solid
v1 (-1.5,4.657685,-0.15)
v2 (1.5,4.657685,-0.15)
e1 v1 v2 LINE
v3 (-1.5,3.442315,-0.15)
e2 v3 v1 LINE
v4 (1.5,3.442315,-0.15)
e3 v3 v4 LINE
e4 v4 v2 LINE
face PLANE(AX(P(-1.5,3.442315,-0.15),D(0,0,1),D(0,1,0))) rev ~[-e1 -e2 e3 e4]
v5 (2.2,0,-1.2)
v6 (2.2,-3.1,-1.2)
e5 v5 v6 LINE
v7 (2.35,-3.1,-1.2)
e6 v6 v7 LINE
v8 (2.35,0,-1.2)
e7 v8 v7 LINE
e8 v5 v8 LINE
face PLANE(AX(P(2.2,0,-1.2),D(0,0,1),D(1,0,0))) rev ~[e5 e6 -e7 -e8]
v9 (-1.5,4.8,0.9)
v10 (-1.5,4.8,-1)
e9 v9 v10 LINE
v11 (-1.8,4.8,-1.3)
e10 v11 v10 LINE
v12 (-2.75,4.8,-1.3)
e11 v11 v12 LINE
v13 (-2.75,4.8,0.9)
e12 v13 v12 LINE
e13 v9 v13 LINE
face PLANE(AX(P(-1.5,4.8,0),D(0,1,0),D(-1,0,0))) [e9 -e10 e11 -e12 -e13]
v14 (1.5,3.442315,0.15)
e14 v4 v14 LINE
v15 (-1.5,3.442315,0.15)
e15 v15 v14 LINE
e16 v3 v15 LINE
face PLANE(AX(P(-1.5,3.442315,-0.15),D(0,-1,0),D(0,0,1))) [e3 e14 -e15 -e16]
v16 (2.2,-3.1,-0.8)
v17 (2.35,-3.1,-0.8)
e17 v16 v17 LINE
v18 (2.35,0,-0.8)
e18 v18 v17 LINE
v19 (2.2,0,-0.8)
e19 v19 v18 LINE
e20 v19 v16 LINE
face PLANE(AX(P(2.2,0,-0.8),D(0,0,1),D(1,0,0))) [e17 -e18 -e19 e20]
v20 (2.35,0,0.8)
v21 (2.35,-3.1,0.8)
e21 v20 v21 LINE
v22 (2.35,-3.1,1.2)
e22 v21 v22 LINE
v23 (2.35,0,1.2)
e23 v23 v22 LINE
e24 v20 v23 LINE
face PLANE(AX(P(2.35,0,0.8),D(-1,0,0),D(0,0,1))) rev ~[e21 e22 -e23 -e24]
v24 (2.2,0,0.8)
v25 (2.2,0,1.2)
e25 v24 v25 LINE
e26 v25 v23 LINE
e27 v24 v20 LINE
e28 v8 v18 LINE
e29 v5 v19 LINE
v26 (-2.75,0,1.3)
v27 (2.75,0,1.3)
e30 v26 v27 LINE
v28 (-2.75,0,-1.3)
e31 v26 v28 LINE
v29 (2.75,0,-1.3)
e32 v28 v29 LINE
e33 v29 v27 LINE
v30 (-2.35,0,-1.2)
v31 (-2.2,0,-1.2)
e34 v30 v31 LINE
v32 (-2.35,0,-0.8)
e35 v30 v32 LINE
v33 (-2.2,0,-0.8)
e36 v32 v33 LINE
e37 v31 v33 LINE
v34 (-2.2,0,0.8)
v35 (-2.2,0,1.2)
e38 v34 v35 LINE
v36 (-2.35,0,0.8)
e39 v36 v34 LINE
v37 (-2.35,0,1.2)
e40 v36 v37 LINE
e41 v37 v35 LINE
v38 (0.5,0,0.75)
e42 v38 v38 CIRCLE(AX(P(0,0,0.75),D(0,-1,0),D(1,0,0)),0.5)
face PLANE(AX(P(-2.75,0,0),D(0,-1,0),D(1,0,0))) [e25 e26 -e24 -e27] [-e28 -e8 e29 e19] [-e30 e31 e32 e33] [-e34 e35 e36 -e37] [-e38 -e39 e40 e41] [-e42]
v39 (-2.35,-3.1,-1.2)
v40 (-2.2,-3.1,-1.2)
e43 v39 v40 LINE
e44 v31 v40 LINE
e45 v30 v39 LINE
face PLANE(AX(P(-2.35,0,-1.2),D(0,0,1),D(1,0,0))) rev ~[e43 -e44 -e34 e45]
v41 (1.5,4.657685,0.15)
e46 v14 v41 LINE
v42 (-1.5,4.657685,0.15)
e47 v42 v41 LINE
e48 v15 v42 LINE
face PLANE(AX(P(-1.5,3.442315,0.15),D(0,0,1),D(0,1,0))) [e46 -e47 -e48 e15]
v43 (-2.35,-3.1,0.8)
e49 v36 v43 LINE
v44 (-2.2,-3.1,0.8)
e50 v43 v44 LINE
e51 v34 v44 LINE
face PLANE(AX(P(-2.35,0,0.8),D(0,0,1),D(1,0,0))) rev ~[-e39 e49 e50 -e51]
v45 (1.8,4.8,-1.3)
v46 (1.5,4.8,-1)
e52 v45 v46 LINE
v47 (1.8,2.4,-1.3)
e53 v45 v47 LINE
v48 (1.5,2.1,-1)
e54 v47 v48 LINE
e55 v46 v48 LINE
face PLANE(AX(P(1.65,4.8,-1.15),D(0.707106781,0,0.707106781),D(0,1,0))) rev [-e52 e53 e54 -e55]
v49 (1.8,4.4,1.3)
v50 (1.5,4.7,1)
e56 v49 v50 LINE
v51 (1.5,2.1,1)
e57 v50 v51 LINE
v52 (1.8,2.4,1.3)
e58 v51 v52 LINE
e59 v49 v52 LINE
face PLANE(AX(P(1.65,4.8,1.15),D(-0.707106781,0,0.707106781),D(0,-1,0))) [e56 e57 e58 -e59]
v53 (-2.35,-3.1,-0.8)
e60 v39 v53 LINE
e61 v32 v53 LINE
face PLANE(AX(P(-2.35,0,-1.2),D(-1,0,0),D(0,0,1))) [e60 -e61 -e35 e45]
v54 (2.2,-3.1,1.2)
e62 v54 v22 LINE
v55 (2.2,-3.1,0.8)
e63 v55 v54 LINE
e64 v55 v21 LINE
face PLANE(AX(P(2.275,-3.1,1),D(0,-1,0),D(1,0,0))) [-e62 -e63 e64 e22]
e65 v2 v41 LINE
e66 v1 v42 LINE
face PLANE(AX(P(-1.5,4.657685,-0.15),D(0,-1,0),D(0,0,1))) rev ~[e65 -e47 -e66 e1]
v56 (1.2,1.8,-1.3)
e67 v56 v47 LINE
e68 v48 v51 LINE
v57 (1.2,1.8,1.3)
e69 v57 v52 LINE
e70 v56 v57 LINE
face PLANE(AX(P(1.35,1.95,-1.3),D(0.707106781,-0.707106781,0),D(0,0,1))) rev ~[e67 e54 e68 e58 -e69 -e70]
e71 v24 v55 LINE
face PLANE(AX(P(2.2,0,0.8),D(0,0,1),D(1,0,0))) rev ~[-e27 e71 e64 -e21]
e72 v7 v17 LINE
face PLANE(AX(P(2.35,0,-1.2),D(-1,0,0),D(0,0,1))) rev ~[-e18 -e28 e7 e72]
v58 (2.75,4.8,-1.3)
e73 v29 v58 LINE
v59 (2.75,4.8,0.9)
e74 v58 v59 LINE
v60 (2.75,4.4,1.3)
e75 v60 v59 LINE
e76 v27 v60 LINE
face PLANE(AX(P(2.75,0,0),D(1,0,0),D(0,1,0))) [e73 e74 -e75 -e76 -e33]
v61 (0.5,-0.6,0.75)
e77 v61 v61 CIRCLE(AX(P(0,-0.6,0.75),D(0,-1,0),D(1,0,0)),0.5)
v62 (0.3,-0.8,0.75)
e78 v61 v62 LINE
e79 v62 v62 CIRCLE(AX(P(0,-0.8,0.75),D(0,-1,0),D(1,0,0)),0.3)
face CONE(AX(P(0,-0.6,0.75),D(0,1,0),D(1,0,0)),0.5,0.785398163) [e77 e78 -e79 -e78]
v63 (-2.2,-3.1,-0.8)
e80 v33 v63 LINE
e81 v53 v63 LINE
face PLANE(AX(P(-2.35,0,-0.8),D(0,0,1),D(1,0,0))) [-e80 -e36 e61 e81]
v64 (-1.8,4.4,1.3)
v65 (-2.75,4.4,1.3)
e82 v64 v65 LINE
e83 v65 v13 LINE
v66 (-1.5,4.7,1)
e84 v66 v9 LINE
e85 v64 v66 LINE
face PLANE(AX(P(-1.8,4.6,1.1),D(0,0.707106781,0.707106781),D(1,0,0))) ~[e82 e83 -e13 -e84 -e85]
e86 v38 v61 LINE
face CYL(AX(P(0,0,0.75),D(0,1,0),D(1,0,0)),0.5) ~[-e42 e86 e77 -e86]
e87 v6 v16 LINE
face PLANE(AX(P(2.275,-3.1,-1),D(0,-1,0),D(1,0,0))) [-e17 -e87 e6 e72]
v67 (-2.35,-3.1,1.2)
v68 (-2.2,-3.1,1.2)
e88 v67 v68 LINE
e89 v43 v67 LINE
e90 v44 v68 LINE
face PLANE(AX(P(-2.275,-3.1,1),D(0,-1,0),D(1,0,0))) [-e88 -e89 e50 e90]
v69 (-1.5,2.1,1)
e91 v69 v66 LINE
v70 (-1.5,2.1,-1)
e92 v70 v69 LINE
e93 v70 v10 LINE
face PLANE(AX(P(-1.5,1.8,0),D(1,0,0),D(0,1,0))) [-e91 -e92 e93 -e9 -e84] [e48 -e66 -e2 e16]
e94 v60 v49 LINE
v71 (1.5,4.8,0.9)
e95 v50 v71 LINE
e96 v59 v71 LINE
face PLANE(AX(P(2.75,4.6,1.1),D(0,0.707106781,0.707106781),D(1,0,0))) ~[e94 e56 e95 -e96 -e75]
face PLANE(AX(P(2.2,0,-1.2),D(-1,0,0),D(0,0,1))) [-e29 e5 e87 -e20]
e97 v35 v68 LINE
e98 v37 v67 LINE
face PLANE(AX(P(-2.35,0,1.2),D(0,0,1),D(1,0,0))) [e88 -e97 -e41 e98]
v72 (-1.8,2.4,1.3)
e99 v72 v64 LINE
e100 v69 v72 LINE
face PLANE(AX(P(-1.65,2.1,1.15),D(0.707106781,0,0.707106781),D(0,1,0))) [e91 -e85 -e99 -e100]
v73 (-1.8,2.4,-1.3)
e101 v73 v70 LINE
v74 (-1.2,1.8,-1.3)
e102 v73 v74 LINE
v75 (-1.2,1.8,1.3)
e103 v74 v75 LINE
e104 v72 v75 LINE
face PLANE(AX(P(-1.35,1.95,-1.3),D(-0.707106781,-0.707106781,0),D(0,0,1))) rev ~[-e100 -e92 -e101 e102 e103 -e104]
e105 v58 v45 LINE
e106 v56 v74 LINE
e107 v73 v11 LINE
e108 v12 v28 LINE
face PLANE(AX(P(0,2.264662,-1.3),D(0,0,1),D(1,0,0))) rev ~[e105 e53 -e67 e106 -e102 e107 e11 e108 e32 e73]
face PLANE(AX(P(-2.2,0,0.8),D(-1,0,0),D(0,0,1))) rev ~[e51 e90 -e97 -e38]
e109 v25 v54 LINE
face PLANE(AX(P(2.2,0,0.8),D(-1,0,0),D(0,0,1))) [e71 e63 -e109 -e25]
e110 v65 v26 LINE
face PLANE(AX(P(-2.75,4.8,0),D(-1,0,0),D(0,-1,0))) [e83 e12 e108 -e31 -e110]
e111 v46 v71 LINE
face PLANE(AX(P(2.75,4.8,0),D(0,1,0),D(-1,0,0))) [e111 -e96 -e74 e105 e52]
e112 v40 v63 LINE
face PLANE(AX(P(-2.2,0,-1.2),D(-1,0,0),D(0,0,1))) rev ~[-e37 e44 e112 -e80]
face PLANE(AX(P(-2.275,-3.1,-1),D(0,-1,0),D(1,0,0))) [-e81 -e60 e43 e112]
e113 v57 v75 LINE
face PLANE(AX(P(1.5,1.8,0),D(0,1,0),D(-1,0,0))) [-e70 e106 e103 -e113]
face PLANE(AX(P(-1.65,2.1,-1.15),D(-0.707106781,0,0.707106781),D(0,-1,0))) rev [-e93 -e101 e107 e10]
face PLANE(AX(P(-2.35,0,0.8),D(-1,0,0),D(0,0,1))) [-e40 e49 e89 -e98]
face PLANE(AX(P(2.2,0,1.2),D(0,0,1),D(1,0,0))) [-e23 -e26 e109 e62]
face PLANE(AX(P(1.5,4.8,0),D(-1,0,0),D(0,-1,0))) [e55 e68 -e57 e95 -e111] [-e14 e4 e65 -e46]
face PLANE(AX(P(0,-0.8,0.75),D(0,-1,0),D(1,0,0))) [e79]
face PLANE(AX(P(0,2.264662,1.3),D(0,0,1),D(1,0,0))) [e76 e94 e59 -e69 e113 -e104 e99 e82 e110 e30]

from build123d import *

# Parameters (mm, degrees)
PAD003_DEPTH    = 1.3
SKETCH008_R     = 0.5
PAD004_DEPTH    = 0.8
SKETCH009_W     = 1.21537
SKETCH009_H     = 0.3
PAD005_DEPTH    = 3
CHAMFER001_SIZE = 0.3
CHAMFER002_SIZE = 0.3
CHAMFER003_SIZE = 0.2
CHAMFER004_SIZE = 0.4
SKETCH010_W     = 0.15
SKETCH010_H     = 0.4
PAD006_DEPTH    = 3.1


with BuildPart() as part:
    # Sketch007 → Pad003 (new body, symmetric)
    with BuildSketch(Plane.XY):
        Polygon((-2.75, 0), (2.75, 0), (2.75, 4.8), (1.5, 4.8), (1.5, 1.8), (-1.5, 1.8), (-1.5, 4.8), (-2.75, 4.8), align=None)
    extrude(amount=PAD003_DEPTH, both=True)

    # Sketch008 (on Face1 of Pad003) → Pad004 (join)
    with BuildSketch(Plane.XZ):
        with Locations((0, 0.75)):
            Circle(SKETCH008_R)
    extrude(amount=PAD004_DEPTH)

    # Sketch009 (on Face11 of Pad004) → Pad005 (join)
    with BuildSketch(Plane.YZ.offset(-1.5)):
        with Locations((4.05, 0)):
            Rectangle(SKETCH009_W, SKETCH009_H)
    extrude(amount=PAD005_DEPTH)

    # Chamfer001
    chamfer001_edges = [part.edges().sort_by_distance(p)[0] for p in [
        (-1.5, 1.8, 0),
        (1.5, 1.8, 0),
    ]]
    chamfer(chamfer001_edges, length=CHAMFER001_SIZE)

    # Chamfer002
    chamfer002_edges = [part.edges().sort_by_distance(p)[0] for p in [
        (-1.5, 3.45, 1.3),
        (-1.5, 3.45, -1.3),
        (1.5, 3.45, 1.3),
        (1.5, 3.45, -1.3),
    ]]
    chamfer(chamfer002_edges, length=CHAMFER002_SIZE)

    # Chamfer003
    chamfer003_edges = [part.edges().sort_by_distance(p)[0] for p in [
        (-0.5, -0.8, 0.75),
    ]]
    chamfer(chamfer003_edges, length=CHAMFER003_SIZE)

    # Chamfer004
    chamfer004_edges = [part.edges().sort_by_distance(p)[0] for p in [
        (2.275, 4.8, 1.3),
        (-2.275, 4.8, 1.3),
    ]]
    chamfer(chamfer004_edges, length=CHAMFER004_SIZE)

    # Sketch010 (on Face6 of Chamfer004) → Pad006 (join)
    with BuildSketch(Plane.XZ):
        with Locations((-2.275, 1)):
            Rectangle(SKETCH010_W, SKETCH010_H)
        with Locations((-2.275, -1)):
            Rectangle(SKETCH010_W, SKETCH010_H)
        with Locations((2.275, 1)):
            Rectangle(SKETCH010_W, SKETCH010_H)
        with Locations((2.275, -1)):
            Rectangle(SKETCH010_W, SKETCH010_H)
    extrude(amount=PAD006_DEPTH)


solid = part.part
